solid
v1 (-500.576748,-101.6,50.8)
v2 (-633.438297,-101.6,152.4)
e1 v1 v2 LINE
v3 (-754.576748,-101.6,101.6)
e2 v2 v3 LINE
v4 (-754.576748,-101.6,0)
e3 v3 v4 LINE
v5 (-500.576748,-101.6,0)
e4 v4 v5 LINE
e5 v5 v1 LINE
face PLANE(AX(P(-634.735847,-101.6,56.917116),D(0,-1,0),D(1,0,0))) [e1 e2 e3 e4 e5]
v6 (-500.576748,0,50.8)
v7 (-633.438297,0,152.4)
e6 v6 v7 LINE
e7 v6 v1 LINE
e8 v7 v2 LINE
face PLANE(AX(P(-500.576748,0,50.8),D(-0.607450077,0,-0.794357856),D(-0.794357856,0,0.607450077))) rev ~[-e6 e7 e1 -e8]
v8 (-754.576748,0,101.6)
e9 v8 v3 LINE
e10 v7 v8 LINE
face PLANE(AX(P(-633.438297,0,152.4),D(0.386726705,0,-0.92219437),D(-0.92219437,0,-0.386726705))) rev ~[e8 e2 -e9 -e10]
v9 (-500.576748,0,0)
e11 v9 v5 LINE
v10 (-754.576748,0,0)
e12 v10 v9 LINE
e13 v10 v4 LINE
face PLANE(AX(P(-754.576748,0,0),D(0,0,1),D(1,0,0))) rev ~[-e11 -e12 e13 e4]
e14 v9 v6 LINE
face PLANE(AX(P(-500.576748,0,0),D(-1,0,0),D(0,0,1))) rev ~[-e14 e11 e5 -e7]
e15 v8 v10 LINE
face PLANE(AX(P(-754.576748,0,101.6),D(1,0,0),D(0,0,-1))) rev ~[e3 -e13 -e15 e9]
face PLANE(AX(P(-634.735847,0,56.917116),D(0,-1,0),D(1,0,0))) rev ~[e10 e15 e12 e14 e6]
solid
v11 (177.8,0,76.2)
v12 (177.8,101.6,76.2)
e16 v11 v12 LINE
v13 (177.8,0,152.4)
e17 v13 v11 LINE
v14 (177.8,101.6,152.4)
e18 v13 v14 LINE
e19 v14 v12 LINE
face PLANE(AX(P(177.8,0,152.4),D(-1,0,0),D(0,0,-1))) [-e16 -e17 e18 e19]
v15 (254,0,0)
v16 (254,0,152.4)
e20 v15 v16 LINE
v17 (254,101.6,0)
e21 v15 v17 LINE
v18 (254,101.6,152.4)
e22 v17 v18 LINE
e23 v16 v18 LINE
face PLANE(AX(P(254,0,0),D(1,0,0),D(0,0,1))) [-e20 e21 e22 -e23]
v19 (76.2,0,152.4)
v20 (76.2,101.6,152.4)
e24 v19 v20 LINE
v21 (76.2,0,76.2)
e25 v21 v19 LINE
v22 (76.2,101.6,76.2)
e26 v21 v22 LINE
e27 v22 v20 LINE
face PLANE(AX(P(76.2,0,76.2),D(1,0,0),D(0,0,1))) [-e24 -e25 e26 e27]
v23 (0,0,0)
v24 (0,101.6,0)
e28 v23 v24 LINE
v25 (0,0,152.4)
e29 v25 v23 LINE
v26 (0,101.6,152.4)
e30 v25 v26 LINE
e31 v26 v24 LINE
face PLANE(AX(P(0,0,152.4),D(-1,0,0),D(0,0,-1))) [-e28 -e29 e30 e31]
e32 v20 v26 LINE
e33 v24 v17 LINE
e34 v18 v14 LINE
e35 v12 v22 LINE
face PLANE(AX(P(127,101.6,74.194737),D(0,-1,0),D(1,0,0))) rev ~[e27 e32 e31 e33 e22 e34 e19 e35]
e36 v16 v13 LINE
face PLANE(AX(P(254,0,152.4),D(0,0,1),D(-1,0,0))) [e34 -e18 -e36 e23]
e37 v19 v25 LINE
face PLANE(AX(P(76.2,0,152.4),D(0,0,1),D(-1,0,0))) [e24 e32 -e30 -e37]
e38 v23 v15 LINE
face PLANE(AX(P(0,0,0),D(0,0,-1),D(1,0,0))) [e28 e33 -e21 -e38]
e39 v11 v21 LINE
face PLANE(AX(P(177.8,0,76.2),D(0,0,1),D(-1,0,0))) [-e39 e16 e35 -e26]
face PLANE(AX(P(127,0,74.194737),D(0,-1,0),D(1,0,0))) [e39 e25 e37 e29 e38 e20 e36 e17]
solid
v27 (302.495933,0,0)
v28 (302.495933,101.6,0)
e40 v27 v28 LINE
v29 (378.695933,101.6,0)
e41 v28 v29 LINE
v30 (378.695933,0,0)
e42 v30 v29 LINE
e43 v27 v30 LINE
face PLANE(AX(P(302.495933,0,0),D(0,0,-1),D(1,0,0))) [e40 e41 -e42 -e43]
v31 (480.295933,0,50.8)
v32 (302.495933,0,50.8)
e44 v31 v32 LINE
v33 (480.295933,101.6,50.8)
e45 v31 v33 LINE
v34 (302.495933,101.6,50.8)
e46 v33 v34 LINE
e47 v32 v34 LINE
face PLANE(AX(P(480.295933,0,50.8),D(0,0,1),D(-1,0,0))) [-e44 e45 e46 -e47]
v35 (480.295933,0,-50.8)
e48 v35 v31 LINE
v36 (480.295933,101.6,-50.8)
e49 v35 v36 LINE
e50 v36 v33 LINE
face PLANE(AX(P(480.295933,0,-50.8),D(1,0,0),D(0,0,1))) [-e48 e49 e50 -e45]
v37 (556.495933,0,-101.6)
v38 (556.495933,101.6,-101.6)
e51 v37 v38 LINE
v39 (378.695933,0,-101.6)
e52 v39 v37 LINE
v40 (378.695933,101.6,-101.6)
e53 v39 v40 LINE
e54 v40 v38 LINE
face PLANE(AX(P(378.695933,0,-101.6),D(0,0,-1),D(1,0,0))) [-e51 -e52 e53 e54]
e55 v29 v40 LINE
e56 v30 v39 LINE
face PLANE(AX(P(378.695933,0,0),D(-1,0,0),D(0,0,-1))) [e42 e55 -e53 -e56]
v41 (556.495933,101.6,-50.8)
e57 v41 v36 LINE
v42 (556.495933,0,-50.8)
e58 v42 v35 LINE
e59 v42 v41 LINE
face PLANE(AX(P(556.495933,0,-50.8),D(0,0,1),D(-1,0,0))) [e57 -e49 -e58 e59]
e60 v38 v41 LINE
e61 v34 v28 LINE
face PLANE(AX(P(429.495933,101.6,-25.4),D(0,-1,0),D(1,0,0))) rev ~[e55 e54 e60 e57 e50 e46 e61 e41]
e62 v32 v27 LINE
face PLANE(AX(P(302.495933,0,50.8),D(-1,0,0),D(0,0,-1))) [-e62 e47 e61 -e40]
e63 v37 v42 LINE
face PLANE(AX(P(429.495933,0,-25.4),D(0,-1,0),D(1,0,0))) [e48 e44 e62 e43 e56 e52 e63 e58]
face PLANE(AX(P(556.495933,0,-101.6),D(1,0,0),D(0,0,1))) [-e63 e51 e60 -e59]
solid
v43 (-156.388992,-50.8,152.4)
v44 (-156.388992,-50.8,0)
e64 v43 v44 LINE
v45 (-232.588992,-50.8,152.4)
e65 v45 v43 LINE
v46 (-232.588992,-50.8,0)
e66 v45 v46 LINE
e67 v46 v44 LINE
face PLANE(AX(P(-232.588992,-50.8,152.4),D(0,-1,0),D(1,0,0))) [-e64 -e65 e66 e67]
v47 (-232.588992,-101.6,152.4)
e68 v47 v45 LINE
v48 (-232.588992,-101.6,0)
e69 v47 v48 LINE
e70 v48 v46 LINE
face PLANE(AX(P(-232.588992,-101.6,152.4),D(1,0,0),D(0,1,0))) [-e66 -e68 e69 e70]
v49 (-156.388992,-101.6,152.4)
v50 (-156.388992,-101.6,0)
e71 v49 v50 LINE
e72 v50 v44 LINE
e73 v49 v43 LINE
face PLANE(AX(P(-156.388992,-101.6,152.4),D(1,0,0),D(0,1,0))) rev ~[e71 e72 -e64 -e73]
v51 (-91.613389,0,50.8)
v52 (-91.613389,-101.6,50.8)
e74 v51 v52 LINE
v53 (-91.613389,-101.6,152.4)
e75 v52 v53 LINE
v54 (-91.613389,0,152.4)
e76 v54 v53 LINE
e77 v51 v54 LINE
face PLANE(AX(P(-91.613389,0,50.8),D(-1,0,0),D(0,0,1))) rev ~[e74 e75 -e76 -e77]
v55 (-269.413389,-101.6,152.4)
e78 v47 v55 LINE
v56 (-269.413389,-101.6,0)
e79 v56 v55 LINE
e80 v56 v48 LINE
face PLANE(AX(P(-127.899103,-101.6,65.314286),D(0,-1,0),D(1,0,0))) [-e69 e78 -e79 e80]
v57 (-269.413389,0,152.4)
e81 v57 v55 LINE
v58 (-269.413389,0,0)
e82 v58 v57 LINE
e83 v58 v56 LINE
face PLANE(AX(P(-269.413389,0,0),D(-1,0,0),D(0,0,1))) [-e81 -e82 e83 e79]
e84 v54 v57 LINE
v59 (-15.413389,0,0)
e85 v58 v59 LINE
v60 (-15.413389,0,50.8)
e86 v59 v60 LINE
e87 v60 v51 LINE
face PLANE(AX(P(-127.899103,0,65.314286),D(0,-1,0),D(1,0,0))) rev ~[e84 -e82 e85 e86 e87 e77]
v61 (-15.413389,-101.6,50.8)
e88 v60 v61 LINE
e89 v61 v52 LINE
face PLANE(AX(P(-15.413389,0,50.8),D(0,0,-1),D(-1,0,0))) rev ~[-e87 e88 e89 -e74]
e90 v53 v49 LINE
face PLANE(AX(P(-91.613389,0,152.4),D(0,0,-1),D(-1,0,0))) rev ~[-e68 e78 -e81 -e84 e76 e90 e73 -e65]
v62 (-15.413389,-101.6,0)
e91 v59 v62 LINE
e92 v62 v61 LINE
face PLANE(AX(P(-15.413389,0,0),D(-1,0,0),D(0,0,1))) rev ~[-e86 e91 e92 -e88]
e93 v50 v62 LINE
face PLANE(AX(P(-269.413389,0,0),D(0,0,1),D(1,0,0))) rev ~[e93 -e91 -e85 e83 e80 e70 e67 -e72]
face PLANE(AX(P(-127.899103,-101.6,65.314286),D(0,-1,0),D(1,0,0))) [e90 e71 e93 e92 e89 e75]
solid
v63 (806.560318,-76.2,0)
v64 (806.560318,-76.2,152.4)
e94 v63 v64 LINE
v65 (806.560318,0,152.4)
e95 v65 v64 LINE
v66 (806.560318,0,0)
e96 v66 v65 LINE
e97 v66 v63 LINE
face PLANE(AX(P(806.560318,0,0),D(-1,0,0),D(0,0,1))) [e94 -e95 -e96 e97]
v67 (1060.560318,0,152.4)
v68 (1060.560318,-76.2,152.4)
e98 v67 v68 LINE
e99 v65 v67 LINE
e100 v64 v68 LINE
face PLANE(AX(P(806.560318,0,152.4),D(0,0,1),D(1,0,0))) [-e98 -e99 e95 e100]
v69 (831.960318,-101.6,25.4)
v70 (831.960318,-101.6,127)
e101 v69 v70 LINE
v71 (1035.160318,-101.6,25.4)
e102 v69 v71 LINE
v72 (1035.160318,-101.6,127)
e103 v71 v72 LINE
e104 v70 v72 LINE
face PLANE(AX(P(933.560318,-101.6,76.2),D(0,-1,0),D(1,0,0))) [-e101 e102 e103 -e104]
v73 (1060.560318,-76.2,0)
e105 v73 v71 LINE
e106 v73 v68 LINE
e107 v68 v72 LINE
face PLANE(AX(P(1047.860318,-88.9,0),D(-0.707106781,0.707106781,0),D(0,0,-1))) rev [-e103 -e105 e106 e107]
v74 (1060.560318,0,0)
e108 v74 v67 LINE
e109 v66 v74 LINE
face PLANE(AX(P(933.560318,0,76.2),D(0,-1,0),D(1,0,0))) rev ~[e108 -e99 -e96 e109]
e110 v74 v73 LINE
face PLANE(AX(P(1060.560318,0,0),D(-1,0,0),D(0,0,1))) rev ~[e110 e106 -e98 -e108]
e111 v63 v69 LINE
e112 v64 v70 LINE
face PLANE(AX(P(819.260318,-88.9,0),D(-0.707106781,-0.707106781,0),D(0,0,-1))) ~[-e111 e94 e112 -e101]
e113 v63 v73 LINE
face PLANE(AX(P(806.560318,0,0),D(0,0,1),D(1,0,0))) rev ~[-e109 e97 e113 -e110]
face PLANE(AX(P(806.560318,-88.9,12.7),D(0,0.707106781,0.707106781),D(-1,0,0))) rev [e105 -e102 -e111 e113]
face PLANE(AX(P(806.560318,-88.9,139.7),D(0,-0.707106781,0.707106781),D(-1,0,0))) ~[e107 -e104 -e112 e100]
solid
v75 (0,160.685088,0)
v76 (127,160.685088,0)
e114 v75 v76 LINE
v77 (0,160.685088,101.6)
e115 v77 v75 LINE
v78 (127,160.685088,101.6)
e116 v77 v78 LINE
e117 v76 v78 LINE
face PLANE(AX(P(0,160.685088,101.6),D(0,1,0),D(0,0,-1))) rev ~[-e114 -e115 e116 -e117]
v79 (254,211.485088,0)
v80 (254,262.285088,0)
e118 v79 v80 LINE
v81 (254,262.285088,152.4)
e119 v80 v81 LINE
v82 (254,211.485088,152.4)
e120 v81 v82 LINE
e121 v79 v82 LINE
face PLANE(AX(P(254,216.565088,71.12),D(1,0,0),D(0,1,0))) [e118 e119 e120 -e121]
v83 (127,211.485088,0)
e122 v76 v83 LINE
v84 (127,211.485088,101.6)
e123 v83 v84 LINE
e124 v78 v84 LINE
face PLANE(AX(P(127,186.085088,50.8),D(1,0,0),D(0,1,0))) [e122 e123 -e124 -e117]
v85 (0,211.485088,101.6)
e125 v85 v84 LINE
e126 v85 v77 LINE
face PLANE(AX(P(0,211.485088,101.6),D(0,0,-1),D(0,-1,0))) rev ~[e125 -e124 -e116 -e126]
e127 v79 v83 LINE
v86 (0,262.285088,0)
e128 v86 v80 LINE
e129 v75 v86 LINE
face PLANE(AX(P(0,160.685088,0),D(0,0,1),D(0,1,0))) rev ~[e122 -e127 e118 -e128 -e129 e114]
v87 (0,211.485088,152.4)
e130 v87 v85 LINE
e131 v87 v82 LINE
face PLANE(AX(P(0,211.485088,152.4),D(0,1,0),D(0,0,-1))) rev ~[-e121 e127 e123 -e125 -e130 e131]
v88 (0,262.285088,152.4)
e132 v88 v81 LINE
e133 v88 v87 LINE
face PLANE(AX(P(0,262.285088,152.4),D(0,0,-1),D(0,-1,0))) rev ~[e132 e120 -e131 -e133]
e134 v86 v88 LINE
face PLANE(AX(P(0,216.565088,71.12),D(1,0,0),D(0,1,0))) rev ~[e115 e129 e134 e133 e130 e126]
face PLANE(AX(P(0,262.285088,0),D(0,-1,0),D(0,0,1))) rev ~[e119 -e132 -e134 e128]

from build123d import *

# Parameters (mm, degrees)
F1_DEPTH  = 101.6
F3_DEPTH  = 254
F4_W      = 50.8
F4_H      = 101.6
F5_DEPTH  = 127
F6_W      = 50.8
F6_H      = 152.4
F7_DEPTH  = 101.6
F8_W      = 76.2
F8_H      = 50.8
F9_DEPTH  = 152.4
F11_DEPTH = 101.6
F13_DEPTH = 101.6
F14_W     = 254
F14_H     = 152.4
F15_DEPTH = 101.6
F16_SIZE  = 25.4


with BuildPart() as f1:
    # F0 (on Front) → F1 (new body)
    with BuildSketch(Plane.XZ):
        Polygon((0, 152.4), (0, 0), (254, 0), (254, 152.4), (177.8, 152.4), (177.8, 76.2), (76.2, 76.2), (76.2, 152.4), align=None)
    extrude(amount=-F1_DEPTH)


with BuildPart() as f3:
    # F2 (on Right) → F3 (new body)
    with BuildSketch(Plane.YZ):
        Polygon((160.685088, 101.6), (160.685088, 0), (262.285088, 0), (262.285088, 152.4), (211.485088, 152.4), (211.485088, 101.6), align=None)
    extrude(amount=F3_DEPTH)

    # F4 (on face) → F5 (cut)
    with BuildSketch(Plane.YZ.offset(254)):
        with Locations((186.085088, 50.8)):
            Rectangle(F4_W, F4_H)
    extrude(amount=-F5_DEPTH, mode=Mode.SUBTRACT)


with BuildPart() as f7:
    # F6 (on Front) → F7 (new body)
    with BuildSketch(Plane.XZ):
        Polygon((-218.613389, 152.4), (-218.613389, 0), (-15.413389, 0), (-15.413389, 50.8), (-91.613389, 50.8), (-91.613389, 152.4), align=None)
        with Locations((-244.013389, 76.2)):
            Rectangle(F6_W, F6_H)
    extrude(amount=F7_DEPTH)

    # F8 (on face) → F9 (cut)
    with BuildSketch(Plane.XY.offset(152.4)):
        with Locations((-194.488992, -76.2)):
            Rectangle(F8_W, F8_H)
    extrude(amount=-F9_DEPTH, mode=Mode.SUBTRACT)


with BuildPart() as f11:
    # F10 (on Front) → F11 (new body)
    with BuildSketch(Plane.XZ):
        Polygon((302.495933, 50.8), (302.495933, 0), (378.695933, 0), (378.695933, -101.6), (556.495933, -101.6), (556.495933, -50.8), (480.295933, -50.8), (480.295933, 50.8), align=None)
    extrude(amount=-F11_DEPTH)


with BuildPart() as f13:
    # F12 (on Front) → F13 (new body)
    with BuildSketch(Plane.XZ):
        Polygon((-754.576748, 101.6), (-754.576748, 0), (-500.576748, 0), (-500.576748, 50.8), (-633.438297, 152.4), align=None)
    extrude(amount=F13_DEPTH)


with BuildPart() as f15:
    # F14 (on Front) → F15 (new body)
    with BuildSketch(Plane.XZ):
        with Locations((933.560318, 76.2)):
            Rectangle(F14_W, F14_H)
    extrude(amount=F15_DEPTH)

    # F16
    f16_edges = [f15.edges().sort_by_distance(p)[0] for p in [
        (806.560318, -101.6, 76.2),
        (933.560318, -101.6, 0),
        (1060.560318, -101.6, 76.2),
        (933.560318, -101.6, 152.4),
    ]]
    chamfer(f16_edges, length=F16_SIZE)


solid = Compound([f1.part, f3.part, f7.part, f11.part, f13.part, f15.part])
